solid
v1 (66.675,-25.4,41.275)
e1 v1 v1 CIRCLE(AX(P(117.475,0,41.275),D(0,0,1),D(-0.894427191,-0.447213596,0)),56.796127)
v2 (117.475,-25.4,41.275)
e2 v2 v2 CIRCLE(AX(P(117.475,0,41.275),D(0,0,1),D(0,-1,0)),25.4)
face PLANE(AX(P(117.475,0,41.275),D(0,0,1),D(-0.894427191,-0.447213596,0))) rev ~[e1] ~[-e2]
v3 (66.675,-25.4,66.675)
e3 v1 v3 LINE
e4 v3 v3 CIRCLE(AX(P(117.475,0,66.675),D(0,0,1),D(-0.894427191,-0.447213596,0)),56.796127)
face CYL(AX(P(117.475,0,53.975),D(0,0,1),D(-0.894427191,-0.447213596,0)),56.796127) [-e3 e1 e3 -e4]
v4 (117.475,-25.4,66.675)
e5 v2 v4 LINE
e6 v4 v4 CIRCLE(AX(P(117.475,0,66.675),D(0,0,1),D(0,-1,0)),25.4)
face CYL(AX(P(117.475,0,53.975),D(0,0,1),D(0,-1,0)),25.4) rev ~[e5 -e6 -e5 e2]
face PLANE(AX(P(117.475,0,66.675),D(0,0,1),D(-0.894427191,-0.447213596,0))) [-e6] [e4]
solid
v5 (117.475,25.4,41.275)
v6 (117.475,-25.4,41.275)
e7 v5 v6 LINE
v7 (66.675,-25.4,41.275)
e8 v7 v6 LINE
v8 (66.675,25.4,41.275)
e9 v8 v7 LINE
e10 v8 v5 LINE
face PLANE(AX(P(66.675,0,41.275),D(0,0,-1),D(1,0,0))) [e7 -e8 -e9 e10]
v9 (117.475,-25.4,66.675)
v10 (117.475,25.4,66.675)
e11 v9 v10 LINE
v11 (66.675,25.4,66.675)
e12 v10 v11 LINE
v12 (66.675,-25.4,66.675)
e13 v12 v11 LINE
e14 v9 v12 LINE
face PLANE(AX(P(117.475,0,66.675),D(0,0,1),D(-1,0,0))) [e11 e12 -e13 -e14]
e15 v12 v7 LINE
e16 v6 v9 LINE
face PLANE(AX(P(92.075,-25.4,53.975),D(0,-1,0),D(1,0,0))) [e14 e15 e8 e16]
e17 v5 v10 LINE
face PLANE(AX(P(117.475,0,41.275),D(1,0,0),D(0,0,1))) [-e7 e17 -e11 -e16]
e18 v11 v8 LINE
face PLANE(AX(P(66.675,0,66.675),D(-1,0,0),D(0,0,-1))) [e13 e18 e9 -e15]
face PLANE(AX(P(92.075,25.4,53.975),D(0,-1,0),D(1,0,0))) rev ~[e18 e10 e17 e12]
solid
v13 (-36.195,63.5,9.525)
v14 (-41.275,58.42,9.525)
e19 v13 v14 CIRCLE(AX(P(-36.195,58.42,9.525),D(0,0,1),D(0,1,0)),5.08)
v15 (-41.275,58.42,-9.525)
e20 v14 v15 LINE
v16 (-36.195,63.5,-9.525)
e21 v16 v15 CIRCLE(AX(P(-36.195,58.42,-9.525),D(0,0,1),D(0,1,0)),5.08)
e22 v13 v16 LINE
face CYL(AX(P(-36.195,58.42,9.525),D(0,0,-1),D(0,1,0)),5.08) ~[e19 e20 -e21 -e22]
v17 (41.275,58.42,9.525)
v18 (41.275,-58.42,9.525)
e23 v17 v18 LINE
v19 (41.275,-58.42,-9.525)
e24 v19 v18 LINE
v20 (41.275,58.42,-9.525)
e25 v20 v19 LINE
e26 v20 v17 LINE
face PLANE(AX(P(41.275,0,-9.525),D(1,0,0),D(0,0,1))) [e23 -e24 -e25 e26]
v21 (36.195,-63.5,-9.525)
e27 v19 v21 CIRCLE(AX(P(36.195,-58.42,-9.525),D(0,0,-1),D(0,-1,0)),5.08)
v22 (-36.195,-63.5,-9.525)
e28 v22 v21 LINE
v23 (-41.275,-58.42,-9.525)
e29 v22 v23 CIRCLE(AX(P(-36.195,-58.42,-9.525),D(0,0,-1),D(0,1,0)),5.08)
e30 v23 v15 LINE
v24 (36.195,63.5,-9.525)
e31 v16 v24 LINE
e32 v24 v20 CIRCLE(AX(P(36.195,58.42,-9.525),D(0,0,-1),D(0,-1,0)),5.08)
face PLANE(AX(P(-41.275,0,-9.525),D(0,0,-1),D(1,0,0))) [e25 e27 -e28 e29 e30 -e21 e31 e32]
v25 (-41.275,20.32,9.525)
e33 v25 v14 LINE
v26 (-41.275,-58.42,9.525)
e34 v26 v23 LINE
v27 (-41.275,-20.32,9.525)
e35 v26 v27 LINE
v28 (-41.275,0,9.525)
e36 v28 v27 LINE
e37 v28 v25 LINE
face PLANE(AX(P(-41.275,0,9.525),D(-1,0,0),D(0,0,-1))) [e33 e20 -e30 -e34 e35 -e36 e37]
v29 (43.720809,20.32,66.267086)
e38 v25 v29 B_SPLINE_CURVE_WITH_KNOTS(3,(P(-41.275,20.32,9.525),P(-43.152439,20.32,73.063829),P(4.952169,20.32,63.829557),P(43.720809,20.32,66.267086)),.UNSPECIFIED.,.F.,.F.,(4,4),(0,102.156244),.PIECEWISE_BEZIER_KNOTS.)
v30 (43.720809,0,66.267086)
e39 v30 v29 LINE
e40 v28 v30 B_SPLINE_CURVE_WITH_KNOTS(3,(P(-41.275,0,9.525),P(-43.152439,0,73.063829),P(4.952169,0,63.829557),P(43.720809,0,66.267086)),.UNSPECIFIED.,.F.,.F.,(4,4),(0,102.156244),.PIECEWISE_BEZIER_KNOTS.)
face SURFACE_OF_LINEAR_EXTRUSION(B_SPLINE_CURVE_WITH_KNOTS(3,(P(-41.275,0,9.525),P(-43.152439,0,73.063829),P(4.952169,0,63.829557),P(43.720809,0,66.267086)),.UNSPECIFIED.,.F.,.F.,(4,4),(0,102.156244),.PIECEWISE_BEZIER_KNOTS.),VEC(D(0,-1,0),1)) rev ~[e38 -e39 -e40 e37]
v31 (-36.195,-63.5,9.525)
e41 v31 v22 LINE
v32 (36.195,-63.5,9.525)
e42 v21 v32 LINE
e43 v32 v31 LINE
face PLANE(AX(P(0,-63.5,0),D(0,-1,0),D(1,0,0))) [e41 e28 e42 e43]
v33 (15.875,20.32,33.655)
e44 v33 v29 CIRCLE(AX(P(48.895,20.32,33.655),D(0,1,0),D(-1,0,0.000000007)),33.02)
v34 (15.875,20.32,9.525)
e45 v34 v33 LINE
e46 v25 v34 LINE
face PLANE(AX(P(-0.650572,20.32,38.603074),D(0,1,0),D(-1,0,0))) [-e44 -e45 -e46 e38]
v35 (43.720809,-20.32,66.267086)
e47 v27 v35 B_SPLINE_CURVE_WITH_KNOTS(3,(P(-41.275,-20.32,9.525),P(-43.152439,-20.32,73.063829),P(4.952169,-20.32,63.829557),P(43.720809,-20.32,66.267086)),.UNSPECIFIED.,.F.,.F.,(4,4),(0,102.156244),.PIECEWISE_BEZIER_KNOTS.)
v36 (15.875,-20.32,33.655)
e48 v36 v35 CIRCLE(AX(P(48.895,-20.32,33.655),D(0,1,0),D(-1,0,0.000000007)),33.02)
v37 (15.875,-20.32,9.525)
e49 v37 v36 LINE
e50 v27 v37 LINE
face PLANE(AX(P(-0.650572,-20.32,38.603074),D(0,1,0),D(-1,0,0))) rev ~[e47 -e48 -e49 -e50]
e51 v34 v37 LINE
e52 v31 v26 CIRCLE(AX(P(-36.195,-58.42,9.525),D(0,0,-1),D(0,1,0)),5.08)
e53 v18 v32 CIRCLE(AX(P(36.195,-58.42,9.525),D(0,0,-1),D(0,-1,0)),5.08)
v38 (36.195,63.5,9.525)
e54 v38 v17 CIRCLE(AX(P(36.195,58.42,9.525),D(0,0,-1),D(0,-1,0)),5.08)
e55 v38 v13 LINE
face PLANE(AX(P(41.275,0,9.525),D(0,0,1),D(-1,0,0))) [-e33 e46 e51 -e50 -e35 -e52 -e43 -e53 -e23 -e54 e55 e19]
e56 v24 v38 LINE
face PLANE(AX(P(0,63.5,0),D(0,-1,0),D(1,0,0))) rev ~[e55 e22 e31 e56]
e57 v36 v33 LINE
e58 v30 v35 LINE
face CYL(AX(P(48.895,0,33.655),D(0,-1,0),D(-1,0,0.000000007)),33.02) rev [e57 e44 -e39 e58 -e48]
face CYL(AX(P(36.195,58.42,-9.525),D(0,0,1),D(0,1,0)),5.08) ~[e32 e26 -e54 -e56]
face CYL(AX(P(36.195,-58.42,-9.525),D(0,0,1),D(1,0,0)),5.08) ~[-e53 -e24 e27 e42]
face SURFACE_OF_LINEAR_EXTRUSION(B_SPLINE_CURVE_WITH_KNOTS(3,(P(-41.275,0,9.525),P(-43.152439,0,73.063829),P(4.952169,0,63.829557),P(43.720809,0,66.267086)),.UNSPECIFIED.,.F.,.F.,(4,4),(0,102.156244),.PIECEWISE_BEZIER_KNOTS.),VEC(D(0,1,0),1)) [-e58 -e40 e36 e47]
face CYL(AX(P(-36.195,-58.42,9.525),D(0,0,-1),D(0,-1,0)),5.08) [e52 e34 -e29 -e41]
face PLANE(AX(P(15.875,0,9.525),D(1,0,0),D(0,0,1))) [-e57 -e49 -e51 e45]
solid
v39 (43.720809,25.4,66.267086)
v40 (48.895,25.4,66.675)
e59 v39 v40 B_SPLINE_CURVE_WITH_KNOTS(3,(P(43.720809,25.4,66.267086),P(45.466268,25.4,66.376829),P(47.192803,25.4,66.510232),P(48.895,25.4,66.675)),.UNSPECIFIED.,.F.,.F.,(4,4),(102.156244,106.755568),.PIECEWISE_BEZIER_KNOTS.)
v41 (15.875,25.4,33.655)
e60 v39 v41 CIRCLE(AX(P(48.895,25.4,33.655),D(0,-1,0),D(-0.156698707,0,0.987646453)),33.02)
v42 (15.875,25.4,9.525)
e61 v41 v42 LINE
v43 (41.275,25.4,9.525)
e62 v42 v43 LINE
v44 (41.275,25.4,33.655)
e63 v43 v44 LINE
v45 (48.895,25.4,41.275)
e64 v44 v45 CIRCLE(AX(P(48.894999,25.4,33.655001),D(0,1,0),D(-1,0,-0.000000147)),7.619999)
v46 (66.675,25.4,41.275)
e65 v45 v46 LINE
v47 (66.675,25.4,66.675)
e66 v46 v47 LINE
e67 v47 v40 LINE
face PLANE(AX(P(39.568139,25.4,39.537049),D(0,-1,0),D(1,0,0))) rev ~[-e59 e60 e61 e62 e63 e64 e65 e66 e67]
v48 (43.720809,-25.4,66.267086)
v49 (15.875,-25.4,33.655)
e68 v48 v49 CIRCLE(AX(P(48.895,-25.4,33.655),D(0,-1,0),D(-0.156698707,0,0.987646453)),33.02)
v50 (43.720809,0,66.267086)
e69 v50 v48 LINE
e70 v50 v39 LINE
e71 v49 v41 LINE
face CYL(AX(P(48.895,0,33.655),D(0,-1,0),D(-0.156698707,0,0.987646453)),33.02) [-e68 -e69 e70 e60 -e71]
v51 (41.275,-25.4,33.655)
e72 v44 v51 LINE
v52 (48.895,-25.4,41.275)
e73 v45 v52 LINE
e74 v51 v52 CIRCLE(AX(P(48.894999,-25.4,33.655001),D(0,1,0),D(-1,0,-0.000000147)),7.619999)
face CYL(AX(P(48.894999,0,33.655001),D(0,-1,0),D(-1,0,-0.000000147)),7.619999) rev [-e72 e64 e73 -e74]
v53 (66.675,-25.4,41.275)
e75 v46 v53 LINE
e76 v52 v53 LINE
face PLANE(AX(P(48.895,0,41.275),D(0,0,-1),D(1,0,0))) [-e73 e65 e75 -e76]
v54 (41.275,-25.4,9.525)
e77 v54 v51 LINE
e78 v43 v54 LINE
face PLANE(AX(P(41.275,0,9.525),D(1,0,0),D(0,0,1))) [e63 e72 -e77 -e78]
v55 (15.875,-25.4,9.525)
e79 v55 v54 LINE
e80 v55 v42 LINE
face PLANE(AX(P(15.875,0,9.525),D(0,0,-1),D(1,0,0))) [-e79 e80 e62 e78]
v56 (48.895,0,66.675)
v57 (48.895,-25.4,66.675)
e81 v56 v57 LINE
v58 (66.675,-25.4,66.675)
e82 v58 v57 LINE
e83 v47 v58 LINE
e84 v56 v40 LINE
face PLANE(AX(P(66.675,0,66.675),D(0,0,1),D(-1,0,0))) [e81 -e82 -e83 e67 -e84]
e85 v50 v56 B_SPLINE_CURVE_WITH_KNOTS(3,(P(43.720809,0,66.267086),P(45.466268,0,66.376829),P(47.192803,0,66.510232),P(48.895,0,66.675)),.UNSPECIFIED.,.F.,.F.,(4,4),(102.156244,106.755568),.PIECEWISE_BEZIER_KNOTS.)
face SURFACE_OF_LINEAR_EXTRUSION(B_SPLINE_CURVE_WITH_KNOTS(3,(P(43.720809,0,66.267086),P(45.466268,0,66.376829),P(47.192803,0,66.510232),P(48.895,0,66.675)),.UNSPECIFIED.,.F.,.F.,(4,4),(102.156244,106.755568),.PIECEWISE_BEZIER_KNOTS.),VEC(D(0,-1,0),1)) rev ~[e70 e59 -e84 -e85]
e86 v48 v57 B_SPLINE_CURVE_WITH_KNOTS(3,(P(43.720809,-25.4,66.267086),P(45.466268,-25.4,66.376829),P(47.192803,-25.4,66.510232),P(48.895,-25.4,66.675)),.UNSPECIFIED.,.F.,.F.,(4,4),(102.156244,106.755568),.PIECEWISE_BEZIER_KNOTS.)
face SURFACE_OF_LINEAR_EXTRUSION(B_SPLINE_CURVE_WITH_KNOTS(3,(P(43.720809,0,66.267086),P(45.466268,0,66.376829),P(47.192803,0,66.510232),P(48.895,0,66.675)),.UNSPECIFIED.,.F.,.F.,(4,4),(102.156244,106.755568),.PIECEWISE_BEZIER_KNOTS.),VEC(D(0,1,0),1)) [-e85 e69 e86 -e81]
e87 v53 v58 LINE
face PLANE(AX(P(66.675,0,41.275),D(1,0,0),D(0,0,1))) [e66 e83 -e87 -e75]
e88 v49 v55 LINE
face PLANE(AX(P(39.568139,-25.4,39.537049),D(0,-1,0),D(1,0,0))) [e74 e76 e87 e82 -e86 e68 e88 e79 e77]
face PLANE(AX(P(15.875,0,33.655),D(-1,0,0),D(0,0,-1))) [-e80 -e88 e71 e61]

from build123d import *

# Parameters (mm, degrees)
F1_DEPTH  = 63.5
F2_DEPTH  = 20.32
F3_DEPTH  = 25.4
F4_DEPTH  = 25.4
F5_R      = 5.08
F3_FACE_W = 50.8
F3_FACE_H = 25.4


with BuildPart() as f1:
    # F0 (on Front) → F1 (new body, symmetric)
    with BuildSketch(Plane.XZ):
        Polygon((-41.275, -9.525), (41.275, -9.525), (41.275, 9.525), (15.875, 9.525), (-41.275, 9.525), align=None)
    extrude(amount=F1_DEPTH, both=True)

    # F0 (on Front) → F2 (join, symmetric)
    with BuildSketch(Plane.XZ):
        with BuildLine():
            add(Edge.make_bspline(
                [(-41.275, 9.525), (-43.152439, 73.063829), (4.952169, 63.829557), (43.720809, 66.267086)],
                knots=[0, 0, 0, 0, 102.156244, 102.156244, 102.156244, 102.156244], degree=3))
            Line((-41.275, 9.525), (15.875, 9.525))
            Line((15.875, 9.525), (15.875, 33.655))
            ThreePointArc((15.875, 33.655), (23.783527, 55.096416), (43.720809, 66.267086))
        make_face()
    extrude(amount=F2_DEPTH, both=True)

    # F5
    f5_edges = [f1.edges().sort_by_distance(p)[0] for p in [
        (-41.275, -63.5, 0),
        (41.275, -63.5, 0),
        (41.275, 63.5, 0),
        (-41.275, 63.5, 0),
    ]]
    fillet(f5_edges, radius=F5_R)


with BuildPart() as f3:
    # F0 (on Front) → F3 (new body, symmetric)
    with BuildSketch(Plane.XZ):
        Polygon((66.675, 66.675), (66.675, 41.275), (74.26136, 41.275), (117.475, 41.275), (117.475, 66.675), (74.26136, 66.675), align=None)
    extrude(amount=F3_DEPTH, both=True)


with BuildPart() as f4:
    # F0 (on Front) → F4 (new body, symmetric)
    with BuildSketch(Plane.XZ):
        with BuildLine():
            Line((15.875, 9.525), (41.275, 9.525))
            Line((41.275, 9.525), (41.275, 33.655))
            ThreePointArc((41.275, 33.655), (43.506846, 39.043154), (48.895, 41.275))
            Line((48.895, 41.275), (66.675, 41.275))
            Line((66.675, 41.275), (66.675, 66.675))
            Line((66.675, 66.675), (48.895, 66.675))
            add(Edge.make_bspline(
                [(43.720809, 66.267086), (45.466268, 66.376829), (47.192803, 66.510232), (48.895, 66.675)],
                knots=[102.156244, 102.156244, 102.156244, 102.156244, 106.755568, 106.755568, 106.755568, 106.755568], degree=3))
            ThreePointArc((43.720809, 66.267086), (23.783527, 55.096416), (15.875, 33.655))
            Line((15.875, 33.655), (15.875, 9.525))
        make_face()
    extrude(amount=F4_DEPTH, both=True)


with BuildPart() as f6:
    # F3_face (on face) → F6 (revolve)
    with BuildSketch(Plane(origin=(92.075, -25.4, 53.975), x_dir=(1, 0, 0), z_dir=(0, -1, 0))):
        Rectangle(F3_FACE_W, F3_FACE_H)
    revolve(axis=Axis((117.475, 0, 53.975), (0, 0, 1)))


solid = Compound([f1.part, f3.part, f4.part, f6.part])
